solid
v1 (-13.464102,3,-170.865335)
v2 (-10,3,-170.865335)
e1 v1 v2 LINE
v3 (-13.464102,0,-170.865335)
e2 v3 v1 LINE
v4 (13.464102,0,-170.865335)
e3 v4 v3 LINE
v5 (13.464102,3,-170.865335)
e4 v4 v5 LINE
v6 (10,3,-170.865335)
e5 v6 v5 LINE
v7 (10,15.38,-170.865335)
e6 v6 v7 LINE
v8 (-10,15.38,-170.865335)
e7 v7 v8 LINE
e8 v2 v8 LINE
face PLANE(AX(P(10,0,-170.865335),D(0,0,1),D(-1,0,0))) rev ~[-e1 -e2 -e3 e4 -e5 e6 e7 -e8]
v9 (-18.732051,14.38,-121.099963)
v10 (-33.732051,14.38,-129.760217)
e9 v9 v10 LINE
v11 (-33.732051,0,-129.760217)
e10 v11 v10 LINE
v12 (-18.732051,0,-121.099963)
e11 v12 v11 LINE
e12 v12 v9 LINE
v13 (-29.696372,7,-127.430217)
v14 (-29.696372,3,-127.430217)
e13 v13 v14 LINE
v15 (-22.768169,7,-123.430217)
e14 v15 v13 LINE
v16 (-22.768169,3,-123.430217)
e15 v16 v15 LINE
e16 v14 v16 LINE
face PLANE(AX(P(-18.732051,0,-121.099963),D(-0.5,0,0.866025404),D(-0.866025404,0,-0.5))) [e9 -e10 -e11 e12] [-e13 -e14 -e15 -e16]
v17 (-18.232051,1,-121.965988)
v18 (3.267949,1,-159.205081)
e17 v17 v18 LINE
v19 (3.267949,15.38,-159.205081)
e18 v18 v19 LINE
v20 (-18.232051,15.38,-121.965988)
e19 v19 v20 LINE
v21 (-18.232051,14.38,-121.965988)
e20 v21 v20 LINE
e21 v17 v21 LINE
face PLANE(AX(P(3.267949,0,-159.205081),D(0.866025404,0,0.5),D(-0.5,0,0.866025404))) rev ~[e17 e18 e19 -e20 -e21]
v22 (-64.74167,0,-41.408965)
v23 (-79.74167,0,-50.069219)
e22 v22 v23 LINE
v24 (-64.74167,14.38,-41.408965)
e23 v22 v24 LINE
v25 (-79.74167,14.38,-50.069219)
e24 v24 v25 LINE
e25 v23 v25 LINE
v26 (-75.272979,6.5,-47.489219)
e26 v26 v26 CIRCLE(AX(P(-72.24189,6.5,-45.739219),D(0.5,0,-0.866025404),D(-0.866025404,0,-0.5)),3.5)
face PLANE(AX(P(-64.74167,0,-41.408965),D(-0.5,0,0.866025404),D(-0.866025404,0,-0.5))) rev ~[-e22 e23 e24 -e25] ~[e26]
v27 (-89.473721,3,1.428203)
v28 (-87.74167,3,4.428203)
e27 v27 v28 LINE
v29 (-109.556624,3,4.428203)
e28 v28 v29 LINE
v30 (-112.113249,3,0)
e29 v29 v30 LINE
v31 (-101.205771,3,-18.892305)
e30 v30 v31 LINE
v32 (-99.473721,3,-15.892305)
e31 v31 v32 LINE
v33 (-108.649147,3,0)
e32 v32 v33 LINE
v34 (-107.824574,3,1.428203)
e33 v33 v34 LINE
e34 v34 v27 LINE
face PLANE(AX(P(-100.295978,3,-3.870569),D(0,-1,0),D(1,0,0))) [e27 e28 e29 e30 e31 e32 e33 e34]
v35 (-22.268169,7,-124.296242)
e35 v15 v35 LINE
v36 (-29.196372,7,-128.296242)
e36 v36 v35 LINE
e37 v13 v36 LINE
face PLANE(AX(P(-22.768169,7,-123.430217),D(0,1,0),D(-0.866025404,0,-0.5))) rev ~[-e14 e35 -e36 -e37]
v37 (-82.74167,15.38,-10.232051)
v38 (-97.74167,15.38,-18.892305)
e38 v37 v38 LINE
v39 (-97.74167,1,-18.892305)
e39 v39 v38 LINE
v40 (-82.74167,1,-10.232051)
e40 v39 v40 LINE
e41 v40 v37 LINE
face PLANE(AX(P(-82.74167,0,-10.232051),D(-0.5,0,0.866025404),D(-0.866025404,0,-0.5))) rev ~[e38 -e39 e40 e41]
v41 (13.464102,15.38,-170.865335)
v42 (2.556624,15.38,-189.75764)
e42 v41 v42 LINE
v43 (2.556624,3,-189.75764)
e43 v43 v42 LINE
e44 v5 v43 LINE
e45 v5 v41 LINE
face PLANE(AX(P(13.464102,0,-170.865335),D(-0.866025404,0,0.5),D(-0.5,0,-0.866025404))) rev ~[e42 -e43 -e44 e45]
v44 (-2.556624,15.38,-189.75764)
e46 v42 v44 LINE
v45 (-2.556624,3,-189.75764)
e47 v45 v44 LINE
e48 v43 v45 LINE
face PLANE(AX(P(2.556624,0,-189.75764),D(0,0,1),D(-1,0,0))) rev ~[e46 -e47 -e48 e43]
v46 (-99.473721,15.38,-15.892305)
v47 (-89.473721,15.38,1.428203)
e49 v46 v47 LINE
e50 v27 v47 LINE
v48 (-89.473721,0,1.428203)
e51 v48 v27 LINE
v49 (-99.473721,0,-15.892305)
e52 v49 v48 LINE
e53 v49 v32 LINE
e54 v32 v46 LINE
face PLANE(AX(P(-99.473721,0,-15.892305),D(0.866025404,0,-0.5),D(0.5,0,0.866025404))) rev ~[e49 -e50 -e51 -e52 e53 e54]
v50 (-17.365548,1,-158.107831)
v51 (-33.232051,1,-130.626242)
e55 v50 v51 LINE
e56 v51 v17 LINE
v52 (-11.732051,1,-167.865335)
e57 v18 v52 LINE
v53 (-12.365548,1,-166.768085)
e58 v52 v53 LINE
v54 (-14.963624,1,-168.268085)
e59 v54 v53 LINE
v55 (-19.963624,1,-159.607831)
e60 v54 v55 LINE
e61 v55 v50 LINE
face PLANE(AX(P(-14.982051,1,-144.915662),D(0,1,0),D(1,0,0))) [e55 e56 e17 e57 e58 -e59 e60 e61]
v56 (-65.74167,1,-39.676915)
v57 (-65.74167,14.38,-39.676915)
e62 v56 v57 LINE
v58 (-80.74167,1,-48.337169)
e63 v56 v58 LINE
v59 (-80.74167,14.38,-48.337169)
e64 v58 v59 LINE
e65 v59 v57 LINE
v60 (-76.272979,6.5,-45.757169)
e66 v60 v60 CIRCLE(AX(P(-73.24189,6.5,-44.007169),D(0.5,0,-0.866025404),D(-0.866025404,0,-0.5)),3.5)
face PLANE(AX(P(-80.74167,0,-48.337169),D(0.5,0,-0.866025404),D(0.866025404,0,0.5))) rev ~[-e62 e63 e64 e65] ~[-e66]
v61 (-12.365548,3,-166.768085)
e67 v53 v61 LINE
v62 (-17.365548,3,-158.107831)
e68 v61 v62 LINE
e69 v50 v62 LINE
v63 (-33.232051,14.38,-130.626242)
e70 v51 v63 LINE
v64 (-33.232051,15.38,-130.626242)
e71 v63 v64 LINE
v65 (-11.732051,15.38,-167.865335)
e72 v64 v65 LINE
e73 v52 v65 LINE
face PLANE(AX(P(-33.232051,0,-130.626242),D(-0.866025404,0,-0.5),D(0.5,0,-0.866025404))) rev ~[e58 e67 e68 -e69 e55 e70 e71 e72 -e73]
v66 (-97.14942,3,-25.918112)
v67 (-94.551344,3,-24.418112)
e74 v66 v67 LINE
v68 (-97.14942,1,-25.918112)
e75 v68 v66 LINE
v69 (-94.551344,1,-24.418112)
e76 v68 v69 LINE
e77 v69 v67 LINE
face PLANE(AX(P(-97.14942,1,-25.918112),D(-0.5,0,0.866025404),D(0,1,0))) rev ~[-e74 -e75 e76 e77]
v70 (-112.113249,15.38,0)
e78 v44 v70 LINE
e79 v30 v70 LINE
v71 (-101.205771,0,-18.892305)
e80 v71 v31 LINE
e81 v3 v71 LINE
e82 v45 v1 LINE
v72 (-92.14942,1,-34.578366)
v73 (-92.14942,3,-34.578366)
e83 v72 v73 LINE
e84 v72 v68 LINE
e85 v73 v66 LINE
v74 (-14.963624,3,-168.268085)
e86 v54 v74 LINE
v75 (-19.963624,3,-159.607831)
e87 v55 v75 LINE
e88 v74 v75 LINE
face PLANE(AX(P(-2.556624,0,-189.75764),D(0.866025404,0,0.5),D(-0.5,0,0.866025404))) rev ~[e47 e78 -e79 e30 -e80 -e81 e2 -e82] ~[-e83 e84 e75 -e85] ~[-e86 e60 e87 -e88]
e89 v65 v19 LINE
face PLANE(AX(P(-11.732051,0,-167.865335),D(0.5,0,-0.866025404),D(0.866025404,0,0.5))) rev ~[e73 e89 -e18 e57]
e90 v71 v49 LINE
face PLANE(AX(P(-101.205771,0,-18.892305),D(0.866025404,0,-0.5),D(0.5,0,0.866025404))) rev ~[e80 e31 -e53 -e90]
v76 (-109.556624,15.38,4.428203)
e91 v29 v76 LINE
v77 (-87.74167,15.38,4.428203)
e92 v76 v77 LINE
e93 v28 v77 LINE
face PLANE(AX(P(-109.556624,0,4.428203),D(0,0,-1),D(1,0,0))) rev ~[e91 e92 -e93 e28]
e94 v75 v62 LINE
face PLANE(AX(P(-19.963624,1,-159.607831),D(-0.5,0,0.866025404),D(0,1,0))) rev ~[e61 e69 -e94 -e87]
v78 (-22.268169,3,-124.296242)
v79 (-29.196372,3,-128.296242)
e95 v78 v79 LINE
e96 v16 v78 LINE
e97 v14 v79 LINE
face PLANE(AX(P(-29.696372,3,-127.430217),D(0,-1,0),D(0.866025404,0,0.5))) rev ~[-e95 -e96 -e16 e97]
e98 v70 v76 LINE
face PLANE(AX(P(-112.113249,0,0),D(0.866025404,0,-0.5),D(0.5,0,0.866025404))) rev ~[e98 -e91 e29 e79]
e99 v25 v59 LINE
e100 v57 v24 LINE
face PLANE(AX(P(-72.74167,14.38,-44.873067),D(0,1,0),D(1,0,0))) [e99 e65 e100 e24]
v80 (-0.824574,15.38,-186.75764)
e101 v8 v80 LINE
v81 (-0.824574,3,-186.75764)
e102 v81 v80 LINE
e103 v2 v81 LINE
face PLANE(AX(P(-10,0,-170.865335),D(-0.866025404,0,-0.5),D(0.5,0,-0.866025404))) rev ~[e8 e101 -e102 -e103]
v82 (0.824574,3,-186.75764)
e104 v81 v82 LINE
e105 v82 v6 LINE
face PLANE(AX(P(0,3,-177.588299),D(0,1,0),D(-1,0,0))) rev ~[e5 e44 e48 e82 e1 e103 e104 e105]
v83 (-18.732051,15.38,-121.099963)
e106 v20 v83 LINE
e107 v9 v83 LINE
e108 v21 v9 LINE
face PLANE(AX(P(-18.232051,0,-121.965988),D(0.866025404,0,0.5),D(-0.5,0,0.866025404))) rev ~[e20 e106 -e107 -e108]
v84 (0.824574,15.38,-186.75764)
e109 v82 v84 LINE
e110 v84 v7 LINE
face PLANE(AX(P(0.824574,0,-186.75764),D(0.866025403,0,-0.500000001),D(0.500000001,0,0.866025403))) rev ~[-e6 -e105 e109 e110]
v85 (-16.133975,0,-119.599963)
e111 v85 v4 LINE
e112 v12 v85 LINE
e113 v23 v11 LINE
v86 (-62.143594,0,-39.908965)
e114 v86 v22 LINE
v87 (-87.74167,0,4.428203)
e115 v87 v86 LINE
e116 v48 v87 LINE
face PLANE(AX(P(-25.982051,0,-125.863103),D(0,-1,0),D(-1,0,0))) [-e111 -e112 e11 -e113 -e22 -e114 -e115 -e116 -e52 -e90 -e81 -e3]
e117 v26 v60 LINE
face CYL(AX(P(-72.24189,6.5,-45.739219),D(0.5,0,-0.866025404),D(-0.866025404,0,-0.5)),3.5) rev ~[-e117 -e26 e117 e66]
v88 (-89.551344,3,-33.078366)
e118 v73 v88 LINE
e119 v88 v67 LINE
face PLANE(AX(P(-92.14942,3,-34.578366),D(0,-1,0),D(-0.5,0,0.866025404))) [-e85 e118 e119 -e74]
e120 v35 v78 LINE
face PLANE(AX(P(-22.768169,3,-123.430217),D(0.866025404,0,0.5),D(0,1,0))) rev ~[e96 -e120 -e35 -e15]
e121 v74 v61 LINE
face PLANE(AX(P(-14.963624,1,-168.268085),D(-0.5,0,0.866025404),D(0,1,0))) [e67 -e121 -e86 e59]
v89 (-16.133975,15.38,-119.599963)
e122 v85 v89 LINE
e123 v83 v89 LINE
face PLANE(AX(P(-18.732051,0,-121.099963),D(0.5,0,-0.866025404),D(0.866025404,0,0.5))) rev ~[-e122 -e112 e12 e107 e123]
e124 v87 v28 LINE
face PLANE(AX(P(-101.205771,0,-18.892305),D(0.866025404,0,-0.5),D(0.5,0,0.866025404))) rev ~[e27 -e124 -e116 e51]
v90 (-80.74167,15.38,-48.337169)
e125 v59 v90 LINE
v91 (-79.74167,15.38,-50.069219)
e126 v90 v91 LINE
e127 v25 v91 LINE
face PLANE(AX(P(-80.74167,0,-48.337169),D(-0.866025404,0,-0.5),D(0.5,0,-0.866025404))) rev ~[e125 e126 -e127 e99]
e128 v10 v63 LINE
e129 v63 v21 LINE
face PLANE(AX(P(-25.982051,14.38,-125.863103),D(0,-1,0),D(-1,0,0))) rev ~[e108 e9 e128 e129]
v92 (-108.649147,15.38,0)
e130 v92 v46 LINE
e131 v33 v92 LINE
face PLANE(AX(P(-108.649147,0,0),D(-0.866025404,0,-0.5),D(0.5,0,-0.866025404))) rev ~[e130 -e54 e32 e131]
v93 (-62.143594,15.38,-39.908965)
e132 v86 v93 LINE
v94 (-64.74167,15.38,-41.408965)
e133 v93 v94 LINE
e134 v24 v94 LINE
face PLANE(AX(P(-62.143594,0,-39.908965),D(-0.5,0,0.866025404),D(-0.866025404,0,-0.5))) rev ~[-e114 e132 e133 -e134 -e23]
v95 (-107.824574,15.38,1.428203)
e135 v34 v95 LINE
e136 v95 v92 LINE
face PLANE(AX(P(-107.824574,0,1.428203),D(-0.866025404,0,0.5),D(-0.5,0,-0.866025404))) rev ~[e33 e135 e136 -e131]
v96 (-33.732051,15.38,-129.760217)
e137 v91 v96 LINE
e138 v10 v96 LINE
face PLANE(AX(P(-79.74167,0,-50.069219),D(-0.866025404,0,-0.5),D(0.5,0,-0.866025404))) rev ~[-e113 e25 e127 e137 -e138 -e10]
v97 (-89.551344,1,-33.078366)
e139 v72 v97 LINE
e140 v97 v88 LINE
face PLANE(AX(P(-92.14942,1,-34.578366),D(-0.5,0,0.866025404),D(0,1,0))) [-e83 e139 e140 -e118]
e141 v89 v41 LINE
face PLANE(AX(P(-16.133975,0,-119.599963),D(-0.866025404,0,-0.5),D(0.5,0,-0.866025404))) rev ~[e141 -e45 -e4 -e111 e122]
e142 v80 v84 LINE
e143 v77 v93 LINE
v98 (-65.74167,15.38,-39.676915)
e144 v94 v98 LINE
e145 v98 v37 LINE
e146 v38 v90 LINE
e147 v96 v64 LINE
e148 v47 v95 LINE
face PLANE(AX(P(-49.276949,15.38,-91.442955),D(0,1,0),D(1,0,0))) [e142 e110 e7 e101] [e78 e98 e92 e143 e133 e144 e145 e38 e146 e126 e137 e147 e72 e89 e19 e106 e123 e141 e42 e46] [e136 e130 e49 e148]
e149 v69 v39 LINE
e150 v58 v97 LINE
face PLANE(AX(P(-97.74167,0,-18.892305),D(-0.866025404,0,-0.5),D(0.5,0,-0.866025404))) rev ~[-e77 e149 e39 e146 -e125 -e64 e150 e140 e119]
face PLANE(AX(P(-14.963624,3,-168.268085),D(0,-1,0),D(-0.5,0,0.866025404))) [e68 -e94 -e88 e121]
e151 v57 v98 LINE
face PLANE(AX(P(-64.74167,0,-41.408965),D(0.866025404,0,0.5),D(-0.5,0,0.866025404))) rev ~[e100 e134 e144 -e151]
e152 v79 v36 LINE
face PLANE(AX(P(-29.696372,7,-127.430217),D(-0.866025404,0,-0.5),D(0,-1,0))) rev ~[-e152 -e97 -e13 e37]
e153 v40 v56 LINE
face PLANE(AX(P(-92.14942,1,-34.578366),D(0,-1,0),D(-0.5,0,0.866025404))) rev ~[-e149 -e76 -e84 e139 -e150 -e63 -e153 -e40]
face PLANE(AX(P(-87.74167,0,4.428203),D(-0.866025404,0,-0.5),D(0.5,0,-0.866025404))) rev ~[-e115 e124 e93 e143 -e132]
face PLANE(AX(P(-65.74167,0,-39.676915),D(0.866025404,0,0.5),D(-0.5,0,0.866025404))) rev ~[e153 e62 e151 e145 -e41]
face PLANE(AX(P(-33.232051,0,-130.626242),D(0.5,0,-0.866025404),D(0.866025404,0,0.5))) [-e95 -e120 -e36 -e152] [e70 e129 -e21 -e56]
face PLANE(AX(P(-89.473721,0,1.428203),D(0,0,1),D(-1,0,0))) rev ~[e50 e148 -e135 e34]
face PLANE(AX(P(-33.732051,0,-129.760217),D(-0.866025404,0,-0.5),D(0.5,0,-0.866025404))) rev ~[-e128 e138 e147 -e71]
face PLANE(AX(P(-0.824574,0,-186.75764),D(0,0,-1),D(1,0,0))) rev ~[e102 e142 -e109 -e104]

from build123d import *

# Parameters (mm, degrees)
BOSS_EXTRUDE2_DEPTH = 15.38
BOSS_EXTRUDE3_DEPTH = 1
BOSS_EXTRUDE4_DEPTH = 14.38
CUT_EXTRUDE1_DEPTH  = 8.26
SKETCH12_R          = 3.5
CUT_EXTRUDE2_DEPTH  = 8.26
CUT_EXTRUDE3_DEPTH  = 3
SKETCH16_W          = 10
SKETCH16_H          = 2
CUT_EXTRUDE4_DEPTH  = 3


with BuildPart() as part:
    # Sketch1 → Boss-Extrude2 (new body)
    with BuildSketch(Plane(origin=(0, 0, 0), x_dir=(1, 0, 0), z_dir=(0, 1, 0))):
        Polygon((-33.232050802, 130.626242439), (-11.732050802, 167.865334802), (3.267949197, 159.205080764), (-18.232050803, 121.965988402), (-18.732050803, 121.099962998), (-16.133974592, 119.599962998), (13.464101619, 170.865334801), (2.556624332, 189.757639644), (-2.556624322, 189.757639644), (-112.11324865, 2e-09), (-109.556624323, -4.428203228), (-87.74166975, -4.428203228), (-62.14359354, 39.908965344), (-64.74166975, 41.408965344), (-65.74166975, 39.676914536), (-82.74166975, 10.232050807), (-97.741669749, 18.892304845), (-80.741669749, 48.337168573), (-79.741669749, 50.069219381), (-33.732050802, 129.760217035), align=None)
        Polygon((-89.473720558, -1.42820323), (-107.824573519, -1.42820323), (-108.649147039, 0), (-99.473720558, 15.892304845), align=None, mode=Mode.SUBTRACT)
        Polygon((-9.999999996, 170.865334801), (-0.824573515, 186.757639646), (0.824573508, 186.757639646), (10.000000004, 170.865334801), align=None, mode=Mode.SUBTRACT)
    extrude(amount=BOSS_EXTRUDE2_DEPTH)

    # Sketch1<11> → Boss-Extrude3 (add)
    with BuildSketch(Plane(origin=(0, 0, 0), x_dir=(1, 0, 0), z_dir=(0, 1, 0))):
        Polygon((3.267949197, 159.205080764), (-11.732050802, 167.865334802), (-33.232050802, 130.626242439), (-18.232050803, 121.965988402), align=None)
        Polygon((-65.74166975, 39.676914536), (-80.741669749, 48.337168573), (-97.741669749, 18.892304845), (-82.74166975, 10.232050807), align=None)
    extrude(amount=BOSS_EXTRUDE3_DEPTH)

    # Sketch1<12> → Boss-Extrude4 (add)
    with BuildSketch(Plane(origin=(0, 0, 0), x_dir=(1, 0, 0), z_dir=(0, 1, 0))):
        Polygon((-18.232050803, 121.965988402), (-33.232050802, 130.626242439), (-33.732050802, 129.760217035), (-18.732050803, 121.099962998), align=None)
        Polygon((-64.74166975, 41.408965344), (-79.741669749, 50.069219381), (-80.741669749, 48.337168573), (-65.74166975, 39.676914536), align=None)
    extrude(amount=BOSS_EXTRUDE4_DEPTH)

    # Sketch10 → Cut-Extrude1 (cut)
    with BuildSketch(Plane(origin=(47.754809476, 0, -82.713756318), x_dir=(0.8660254037844418, 0, 0.49999999999999456), z_dir=(-0.4999999999999946, 0, 0.8660254037844419))):
        Polygon((-85.432921433, 3), (-81.432921433, 3), (-81.432921433, 7), (-89.432921433, 7), (-89.432921433, 3), align=None)
    extrude(amount=-CUT_EXTRUDE1_DEPTH, mode=Mode.SUBTRACT)

    # Sketch12 → Cut-Extrude2 (cut)
    with BuildSketch(Plane(origin=(1.745190528, 0, -3.022758664), x_dir=(-0.866025403784436, 0, -0.5000000000000047), z_dir=(0.5000000000000047, 0, -0.866025403784436))):
        with Locations((85.432921433, 6.5)):
            Circle(SKETCH12_R)
    extrude(amount=-CUT_EXTRUDE2_DEPTH, mode=Mode.SUBTRACT)

    # Sketch15 → Cut-Extrude3 (cut)
    with BuildSketch(Plane.XZ):
        Polygon((-87.74166975, 4.428203228), (-109.556624323, 4.428203228), (-112.11324865, -2e-09), (-101.205771363, -18.892304845), align=None)
        Polygon((13.464101619, -170.865334801), (2.556624332, -189.757639644), (-2.556624322, -189.757639644), (-13.464101609, -170.865334801), align=None)
    extrude(amount=-CUT_EXTRUDE3_DEPTH, mode=Mode.SUBTRACT)

    # Sketch16 → Cut-Extrude4 (cut)
    with BuildSketch(Plane(origin=(-84.084936489, 0, -48.546460716), x_dir=(-0.4999999999999999, 0, 0.8660254037844386), z_dir=(-0.8660254037844387, 0, -0.49999999999999994))):
        with Locations((-133.242624333, 2)):
            Rectangle(SKETCH16_W, SKETCH16_H)
        with Locations((21.128966724, 2)):
            Rectangle(SKETCH16_W, SKETCH16_H)
    extrude(amount=-CUT_EXTRUDE4_DEPTH, mode=Mode.SUBTRACT)


solid = part.part
